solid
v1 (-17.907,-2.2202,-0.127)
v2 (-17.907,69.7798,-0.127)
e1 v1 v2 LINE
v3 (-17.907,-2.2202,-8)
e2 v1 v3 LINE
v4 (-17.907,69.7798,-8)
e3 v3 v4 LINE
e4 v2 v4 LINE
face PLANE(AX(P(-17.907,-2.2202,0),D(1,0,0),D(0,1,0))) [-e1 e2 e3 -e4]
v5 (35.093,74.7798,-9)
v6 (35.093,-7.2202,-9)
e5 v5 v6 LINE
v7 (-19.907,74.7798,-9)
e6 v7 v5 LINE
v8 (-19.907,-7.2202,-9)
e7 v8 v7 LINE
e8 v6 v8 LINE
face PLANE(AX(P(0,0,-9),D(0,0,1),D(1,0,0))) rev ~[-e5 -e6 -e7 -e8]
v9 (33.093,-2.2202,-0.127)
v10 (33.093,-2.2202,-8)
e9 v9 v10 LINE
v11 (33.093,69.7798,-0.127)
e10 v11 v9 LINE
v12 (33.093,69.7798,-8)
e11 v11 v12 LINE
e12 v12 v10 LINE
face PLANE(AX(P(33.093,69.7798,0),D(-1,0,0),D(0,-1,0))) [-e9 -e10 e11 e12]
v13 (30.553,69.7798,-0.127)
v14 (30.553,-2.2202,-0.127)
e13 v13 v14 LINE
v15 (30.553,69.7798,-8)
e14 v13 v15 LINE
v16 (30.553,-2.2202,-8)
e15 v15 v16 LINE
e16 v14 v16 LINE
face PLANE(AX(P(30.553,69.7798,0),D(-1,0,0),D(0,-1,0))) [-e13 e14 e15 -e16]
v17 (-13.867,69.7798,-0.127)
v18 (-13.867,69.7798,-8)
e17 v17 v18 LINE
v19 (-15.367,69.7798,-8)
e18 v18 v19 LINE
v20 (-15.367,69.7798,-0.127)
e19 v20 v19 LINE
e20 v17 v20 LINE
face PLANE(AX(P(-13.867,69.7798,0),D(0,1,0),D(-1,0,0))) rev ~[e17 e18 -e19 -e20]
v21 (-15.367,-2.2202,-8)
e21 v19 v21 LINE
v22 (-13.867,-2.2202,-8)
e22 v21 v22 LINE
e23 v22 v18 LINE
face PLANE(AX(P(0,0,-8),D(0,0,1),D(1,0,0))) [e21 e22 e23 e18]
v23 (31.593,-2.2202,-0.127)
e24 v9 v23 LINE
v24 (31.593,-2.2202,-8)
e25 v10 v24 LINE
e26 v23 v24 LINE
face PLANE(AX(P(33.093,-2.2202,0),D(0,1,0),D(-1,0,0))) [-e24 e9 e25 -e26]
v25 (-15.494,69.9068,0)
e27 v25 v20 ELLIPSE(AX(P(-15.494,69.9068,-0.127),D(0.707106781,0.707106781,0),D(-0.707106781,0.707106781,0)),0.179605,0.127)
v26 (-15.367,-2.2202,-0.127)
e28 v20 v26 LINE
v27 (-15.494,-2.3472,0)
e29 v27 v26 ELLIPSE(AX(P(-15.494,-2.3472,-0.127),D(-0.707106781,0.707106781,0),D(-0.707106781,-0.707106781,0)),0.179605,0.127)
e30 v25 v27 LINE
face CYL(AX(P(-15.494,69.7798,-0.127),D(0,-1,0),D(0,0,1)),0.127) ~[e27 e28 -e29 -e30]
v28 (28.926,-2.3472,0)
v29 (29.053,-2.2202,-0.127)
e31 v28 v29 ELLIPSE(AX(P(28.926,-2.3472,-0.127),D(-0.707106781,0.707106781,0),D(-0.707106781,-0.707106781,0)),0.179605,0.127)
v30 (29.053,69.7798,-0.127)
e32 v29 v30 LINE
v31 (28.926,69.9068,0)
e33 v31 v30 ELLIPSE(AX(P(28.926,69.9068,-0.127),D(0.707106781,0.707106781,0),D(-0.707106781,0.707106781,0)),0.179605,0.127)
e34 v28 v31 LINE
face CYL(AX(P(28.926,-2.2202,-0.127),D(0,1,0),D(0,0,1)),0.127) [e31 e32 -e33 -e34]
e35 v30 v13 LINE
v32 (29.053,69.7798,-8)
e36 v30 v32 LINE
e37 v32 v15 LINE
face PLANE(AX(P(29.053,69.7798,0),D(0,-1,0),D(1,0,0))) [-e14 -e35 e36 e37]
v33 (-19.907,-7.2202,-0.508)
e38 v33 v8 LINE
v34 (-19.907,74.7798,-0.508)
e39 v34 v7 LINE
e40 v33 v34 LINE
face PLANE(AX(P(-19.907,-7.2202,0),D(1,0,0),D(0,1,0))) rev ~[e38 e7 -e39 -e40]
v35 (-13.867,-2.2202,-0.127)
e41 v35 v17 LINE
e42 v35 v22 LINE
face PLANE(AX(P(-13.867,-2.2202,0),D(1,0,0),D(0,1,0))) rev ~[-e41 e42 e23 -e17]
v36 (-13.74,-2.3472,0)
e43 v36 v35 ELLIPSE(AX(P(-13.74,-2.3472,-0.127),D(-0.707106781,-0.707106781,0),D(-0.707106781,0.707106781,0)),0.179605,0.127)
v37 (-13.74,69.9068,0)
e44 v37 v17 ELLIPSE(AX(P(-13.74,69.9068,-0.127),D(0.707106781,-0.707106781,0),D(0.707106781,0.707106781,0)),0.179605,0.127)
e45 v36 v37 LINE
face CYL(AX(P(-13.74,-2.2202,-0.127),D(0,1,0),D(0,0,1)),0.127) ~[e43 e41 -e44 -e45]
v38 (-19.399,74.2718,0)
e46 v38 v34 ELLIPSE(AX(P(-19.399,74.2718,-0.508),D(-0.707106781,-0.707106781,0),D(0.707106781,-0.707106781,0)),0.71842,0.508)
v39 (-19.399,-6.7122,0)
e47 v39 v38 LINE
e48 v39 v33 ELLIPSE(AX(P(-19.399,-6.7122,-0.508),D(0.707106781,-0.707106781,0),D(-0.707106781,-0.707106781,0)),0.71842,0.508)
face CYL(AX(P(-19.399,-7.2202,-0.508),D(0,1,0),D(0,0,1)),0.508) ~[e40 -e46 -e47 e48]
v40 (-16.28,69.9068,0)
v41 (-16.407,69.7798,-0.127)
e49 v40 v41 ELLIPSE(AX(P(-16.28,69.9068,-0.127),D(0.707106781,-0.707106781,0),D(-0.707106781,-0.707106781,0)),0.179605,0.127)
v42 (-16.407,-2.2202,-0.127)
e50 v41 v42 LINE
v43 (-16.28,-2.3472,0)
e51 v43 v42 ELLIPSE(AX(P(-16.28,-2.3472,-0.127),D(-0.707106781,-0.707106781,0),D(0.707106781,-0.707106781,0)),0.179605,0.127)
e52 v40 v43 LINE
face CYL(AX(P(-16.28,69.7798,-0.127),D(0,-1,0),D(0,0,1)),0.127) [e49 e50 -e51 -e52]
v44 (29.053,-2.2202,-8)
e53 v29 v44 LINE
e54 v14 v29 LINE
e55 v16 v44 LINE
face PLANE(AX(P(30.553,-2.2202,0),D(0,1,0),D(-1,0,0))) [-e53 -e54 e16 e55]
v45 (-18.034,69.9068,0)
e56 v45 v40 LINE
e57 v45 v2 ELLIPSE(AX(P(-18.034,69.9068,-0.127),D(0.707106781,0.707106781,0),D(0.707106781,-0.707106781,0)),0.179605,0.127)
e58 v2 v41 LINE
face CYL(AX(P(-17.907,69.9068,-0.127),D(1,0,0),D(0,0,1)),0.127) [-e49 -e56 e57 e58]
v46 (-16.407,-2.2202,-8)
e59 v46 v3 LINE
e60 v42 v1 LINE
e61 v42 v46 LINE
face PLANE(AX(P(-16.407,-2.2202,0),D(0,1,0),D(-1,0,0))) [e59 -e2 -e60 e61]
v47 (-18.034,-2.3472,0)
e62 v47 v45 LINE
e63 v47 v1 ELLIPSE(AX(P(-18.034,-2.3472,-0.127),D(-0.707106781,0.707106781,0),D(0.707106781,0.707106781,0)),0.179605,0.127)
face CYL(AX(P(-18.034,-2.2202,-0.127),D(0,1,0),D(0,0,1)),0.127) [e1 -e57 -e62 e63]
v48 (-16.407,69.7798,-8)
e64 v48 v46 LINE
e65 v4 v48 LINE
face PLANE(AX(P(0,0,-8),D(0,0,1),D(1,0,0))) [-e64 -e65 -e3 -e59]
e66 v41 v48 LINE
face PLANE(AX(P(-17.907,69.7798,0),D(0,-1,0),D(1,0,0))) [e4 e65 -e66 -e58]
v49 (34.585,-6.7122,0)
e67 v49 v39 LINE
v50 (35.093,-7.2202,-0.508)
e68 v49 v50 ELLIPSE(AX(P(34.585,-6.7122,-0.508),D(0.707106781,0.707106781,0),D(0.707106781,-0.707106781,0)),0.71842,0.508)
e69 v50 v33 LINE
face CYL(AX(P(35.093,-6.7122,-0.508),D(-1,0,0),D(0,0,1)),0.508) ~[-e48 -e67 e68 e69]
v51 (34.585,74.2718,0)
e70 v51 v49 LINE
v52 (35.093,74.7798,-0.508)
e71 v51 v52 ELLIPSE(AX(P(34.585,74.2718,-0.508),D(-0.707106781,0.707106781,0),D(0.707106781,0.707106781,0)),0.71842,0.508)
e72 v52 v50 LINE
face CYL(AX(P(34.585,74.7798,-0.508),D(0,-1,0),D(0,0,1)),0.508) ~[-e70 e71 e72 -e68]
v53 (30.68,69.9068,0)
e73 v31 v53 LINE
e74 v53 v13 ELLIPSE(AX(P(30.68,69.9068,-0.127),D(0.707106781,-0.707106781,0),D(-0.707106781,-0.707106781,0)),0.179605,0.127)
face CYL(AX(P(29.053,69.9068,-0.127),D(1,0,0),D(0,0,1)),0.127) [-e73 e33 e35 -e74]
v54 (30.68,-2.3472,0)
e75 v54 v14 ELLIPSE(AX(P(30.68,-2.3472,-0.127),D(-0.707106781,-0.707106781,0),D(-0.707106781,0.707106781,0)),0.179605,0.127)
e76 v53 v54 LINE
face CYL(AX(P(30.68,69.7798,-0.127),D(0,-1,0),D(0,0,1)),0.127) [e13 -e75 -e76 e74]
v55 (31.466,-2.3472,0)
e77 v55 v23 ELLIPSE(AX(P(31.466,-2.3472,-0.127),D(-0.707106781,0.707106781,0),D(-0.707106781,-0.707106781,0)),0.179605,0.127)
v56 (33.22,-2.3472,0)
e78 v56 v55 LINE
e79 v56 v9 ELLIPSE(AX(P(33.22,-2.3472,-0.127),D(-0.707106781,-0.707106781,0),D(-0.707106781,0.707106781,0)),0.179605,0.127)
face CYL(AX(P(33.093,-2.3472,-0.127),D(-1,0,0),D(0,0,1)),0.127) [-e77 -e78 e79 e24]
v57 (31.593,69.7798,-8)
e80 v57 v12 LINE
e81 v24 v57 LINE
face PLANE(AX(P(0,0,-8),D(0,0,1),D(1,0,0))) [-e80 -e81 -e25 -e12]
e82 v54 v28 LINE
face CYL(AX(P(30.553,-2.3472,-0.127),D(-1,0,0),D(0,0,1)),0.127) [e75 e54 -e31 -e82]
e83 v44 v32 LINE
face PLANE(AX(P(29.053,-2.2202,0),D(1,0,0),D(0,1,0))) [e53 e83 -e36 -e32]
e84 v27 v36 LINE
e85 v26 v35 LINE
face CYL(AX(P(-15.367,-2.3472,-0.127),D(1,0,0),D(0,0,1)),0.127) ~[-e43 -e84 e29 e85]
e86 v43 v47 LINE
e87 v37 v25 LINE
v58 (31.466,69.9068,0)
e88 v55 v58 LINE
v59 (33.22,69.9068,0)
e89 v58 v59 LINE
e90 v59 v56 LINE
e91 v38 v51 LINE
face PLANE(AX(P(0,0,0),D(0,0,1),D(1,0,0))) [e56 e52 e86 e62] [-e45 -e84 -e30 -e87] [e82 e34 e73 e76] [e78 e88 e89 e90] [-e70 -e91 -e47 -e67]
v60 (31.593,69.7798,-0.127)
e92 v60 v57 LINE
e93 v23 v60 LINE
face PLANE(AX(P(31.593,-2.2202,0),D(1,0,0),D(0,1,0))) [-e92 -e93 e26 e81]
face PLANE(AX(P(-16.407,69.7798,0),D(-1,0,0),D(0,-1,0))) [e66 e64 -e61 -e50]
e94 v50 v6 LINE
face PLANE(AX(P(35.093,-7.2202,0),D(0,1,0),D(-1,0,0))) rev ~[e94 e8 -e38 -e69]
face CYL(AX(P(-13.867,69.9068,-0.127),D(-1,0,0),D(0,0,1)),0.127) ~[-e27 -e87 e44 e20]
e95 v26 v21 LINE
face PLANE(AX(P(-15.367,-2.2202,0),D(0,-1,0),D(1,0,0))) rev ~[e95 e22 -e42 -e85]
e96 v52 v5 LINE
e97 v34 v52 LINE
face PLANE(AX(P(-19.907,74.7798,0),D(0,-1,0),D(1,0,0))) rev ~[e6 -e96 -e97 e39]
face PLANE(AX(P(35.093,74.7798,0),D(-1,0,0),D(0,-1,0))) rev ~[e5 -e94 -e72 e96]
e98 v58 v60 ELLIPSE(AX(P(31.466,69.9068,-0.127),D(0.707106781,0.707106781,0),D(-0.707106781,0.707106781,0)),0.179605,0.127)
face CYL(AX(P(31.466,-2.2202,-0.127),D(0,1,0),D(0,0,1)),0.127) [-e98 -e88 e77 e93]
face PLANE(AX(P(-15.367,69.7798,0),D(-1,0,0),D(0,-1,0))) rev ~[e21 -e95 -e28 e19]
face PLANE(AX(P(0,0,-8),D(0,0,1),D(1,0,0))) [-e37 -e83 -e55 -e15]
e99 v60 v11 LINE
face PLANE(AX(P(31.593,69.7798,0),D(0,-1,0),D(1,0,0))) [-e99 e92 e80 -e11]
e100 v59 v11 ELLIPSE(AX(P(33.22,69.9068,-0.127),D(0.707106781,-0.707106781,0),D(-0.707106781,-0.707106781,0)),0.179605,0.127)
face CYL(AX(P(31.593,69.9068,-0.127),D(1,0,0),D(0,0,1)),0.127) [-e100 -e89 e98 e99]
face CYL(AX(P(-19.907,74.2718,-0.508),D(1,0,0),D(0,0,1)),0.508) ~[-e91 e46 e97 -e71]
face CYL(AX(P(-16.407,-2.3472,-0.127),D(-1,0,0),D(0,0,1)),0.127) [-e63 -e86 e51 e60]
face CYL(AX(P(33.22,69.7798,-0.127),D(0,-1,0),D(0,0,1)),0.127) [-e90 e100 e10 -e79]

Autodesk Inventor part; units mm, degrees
ref_plane "YZ Plane" through (0, 0, 0) normal (1, 0, 0) x (0, 1, 0)
ref_plane "XZ Plane" through (0, 0, 0) normal (0, 1, 0) x (-1, 0, 0)
ref_plane "XY Plane" through (0, 0, 0) normal (0, 0, 1) x (1, 0, 0)
sketch "Sketch1" plane through (0, 0, 0) normal (0, 0, 1) x (1, 0, 0)
  line L0 (35.093, -7.2202) -> (-19.907, -7.2202)
  line L1 (-19.907, -7.2202) -> (-19.907, 74.7798)
  line L2 (-19.907, 74.7798) -> (35.093, 74.7798)
  line L3 (35.093, 74.7798) -> (35.093, -7.2202)
  line L4 (-1.6316, 73.7798) -> (15.8684, 73.7798)
  line L5 (15.8684, 73.7798) -> (15.8684, 38.2798)
  line L6 (15.8684, 38.2798) -> (-1.6316, 38.2798)
  line L7 (-1.6316, 38.2798) -> (-1.6316, 73.7798)
  circle A0 centre (7.5885, 28.2798) radius 5.75
  line L8 (12.233, 6.0025) -> (3.233, 6.0025)
  line L9 (3.233, 6.0025) -> (3.233, -3.9975)
  line L10 (3.233, -3.9975) -> (12.233, -3.9975)
  line L11 (12.233, -3.9975) -> (12.233, 6.0025)
  circle A1 centre (7.5885, 28.2798) radius 1.25
  line L12 (3.233, 6.0025) -> (-2.767, 6.0025)
  line L13 (-2.767, 6.0025) -> (-2.767, -3.9975)
  line L14 (-2.767, -3.9975) -> (3.233, -3.9975)
  line L15 (3.233, -3.9975) -> (3.233, 6.0025)
  line L16 (12.233, 5.3167) -> (16.7288, 5.3167)
  line L17 (16.7288, 5.3167) -> (16.7288, 2.7767)
  line L18 (16.7288, 2.7767) -> (12.233, 2.7767)
  line L19 (12.233, 2.7767) -> (12.233, 5.3167)
  line L20 (12.233, -1.5375) -> (12.233, 1.0025)
  line L21 (12.233, -3.4895) -> (12.233, -0.9495)
  line L22 (12.233, 2.2687) -> (16.7288, 2.2687)
  line L23 (16.7288, 2.2687) -> (16.7288, -0.2713)
  line L24 (16.7288, -0.2713) -> (12.233, -0.2713)
  line L25 (12.233, -0.2713) -> (12.233, 2.2687)
  line L26 (12.233, -0.7793) -> (16.7288, -0.7793)
  line L27 (16.7288, -0.7793) -> (16.7288, -3.3193)
  line L28 (16.7288, -3.3193) -> (12.233, -3.3193)
  line L29 (12.233, -3.3193) -> (12.233, -0.7793)
  circle A2 centre (0.233, 0.9987) radius 1.5
  circle A3 centre (0.3684, 66.2798) radius 0.75
  circle A4 centre (0.3684, 63.7398) radius 0.75
  circle A5 centre (0.3684, 61.1998) radius 0.75
  circle A6 centre (0.3684, 58.6598) radius 0.75
  circle A7 centre (0.3684, 56.1198) radius 0.75
  circle A8 centre (0.3684, 53.5798) radius 0.75
  circle A9 centre (0.3684, 51.0398) radius 0.75
  circle A10 centre (0.3684, 48.4998) radius 0.75
  circle A11 centre (13.8684, 63.7398) radius 0.75
  circle A12 centre (13.8684, 58.6598) radius 0.75
  circle A13 centre (13.8684, 56.1198) radius 0.75
  circle A14 centre (13.8684, 53.5798) radius 0.75
  circle A15 centre (13.8684, 48.4998) radius 0.75
  circle A16 centre (13.8684, 66.2798) radius 0.75
  circle A17 centre (13.8684, 51.0398) radius 0.75
  circle A18 centre (13.8684, 61.1998) radius 0.75
  line L30 (-17.907, 69.7798) -> (-16.407, 69.7798)
  line L31 (-16.407, 69.7798) -> (-16.407, -2.2202)
  line L32 (-16.407, -2.2202) -> (-17.907, -2.2202)
  line L33 (-17.907, -2.2202) -> (-17.907, 69.7798)
  line L34 (-15.367, -2.2202) -> (-13.867, -2.2202)
  line L35 (-13.867, -2.2202) -> (-13.867, 69.7798)
  line L36 (-13.867, 69.7798) -> (-15.367, 69.7798)
  line L37 (-15.367, 69.7798) -> (-15.367, -2.2202)
  line L38 (31.593, 69.7798) -> (33.093, 69.7798)
  line L39 (33.093, 69.7798) -> (33.093, -2.2202)
  line L40 (33.093, -2.2202) -> (31.593, -2.2202)
  line L41 (31.593, -2.2202) -> (31.593, 69.7798)
  line L42 (30.553, -2.2202) -> (29.053, -2.2202)
  line L43 (29.053, -2.2202) -> (29.053, 69.7798)
  line L44 (29.053, 69.7798) -> (30.553, 69.7798)
  line L45 (30.553, 69.7798) -> (30.553, -2.2202)
  line L46 (5.8684, 68.7798) -> (10.8684, 68.7798)
  line L47 (10.8684, 68.7798) -> (10.8684, 63.7798)
  line L48 (10.8684, 63.7798) -> (5.8684, 63.7798)
  line L49 (5.8684, 63.7798) -> (5.8684, 68.7798)
  line L50 (6.8684, 55.8198) -> (10.8684, 55.8198)
  line L51 (10.8684, 55.8198) -> (10.8684, 53.2798)
  line L52 (10.8684, 53.2798) -> (6.8684, 53.2798)
  line L53 (6.8684, 53.2798) -> (6.8684, 55.8198)
  line L54 (5.8684, 48.2798) -> (10.8684, 48.2798)
  line L55 (10.8684, 48.2798) -> (10.8684, 43.2798)
  line L56 (10.8684, 43.2798) -> (5.8684, 43.2798)
  line L57 (5.8684, 43.2798) -> (5.8684, 48.2798)
  circle A19 centre (0.8684, 71.2798) radius 1.5
  circle A20 centre (0.8684, 40.7798) radius 1.5
  point P0 (0, 0)
  point P1 (0, 0)
  dimension "d0" = 82
  dimension "d1" = 55
  dimension "d2" = 17.5
  dimension "d3" = 35.5
  dimension "d4" = 11.5
  dimension "d5" = 2.5
  dimension "d6" = 1
  dimension "d7" = 10
  dimension "d8" = 27.4955
  dimension "d9" = 9
  dimension "d10" = 10
  dimension "d11" = 6
  dimension "d12" = 22.86
  dimension "d13" = 19.2246
  dimension "d14" = 2.54
  dimension "d15" = 0.6858
  dimension "d16" = 10
  dimension "d17" = 2.54
  dimension "d18" = 0.508
  dimension "d19" = 4.4958
  dimension "d20" = 4.4958
  dimension "d21" = 2.54
  dimension "d22" = 4.4958
  dimension "d23" = 0.508
  dimension "d24" = 3
  dimension "d25" = 1.5
  dimension "d26" = 7.5
  dimension "d27" = 2
  dimension "d28" = 1.5
  dimension "d29" = 1.5
  dimension "d30" = 1.5
  dimension "d31" = 1.5
  dimension "d32" = 1.5
  dimension "d33" = 1.5
  dimension "d34" = 1.5
  dimension "d35" = 2.54
  dimension "d36" = 2.54
  dimension "d37" = 2.54
  dimension "d38" = 2.54
  dimension "d39" = 2.54
  dimension "d40" = 2.54
  dimension "d41" = 2.54
  dimension "d42" = 1.5
  dimension "d43" = 1.5
  dimension "d44" = 1.5
  dimension "d45" = 1.5
  dimension "d46" = 1.5
  dimension "d47" = 1.5
  dimension "d48" = 1.5
  dimension "d49" = 1.5
  dimension "d50" = 2.54
  dimension "d51" = 2.54
  dimension "d52" = 2.54
  dimension "d53" = 2.54
  dimension "d54" = 2.54
  dimension "d55" = 2.54
  dimension "d56" = 2.54
  dimension "d57" = 2
  dimension "d58" = 7.5
  dimension "d59" = 2
  dimension "d60" = 2
  dimension "d61" = 2
  dimension "d62" = 2
  dimension "d63" = 2
extrude "Extrusion1" add sketch "Sketch1" against normal blind 9 contours L0 L1 L2 L3 | L4 L5 L6 L7 | A0 | L11 L10 L9 L8 | L9 L14 L13 L12 | L16 L17 L18 L11 | L22 L23 L24 L11 | L11 L26 L27 L28 | A1 | A2 | A3 | A4 | A5 | A6 | A7 | A8 | A9 | A10 | A11 | A12 | A13 | A14 | A15 | A16 | A17 | A18 | L30 L31 L32 L33 | L37 L36 L35 L34 | L38 L39 L40 L41 | L42 L43 L44 L45 | L46 L47 L48 L49 | L50 L51 L52 L53 | L54 L55 L56 L57 | A19 | A20
extrude "Extrusion2" cut sketch "Sketch1" against normal blind 8 contours L30 L31 L32 L33 | L37 L36 L35 L34 | L38 L39 L40 L41 | L42 L43 L44 L45
fillet "Fillet1" radius 0.127 16 edges at (-13.867, 33.7798, 0) (-14.617, 69.7798, 0) (-15.367, 33.7798, 0) (-16.407, 33.7798, 0) (-17.157, 69.7798, 0) (-17.907, 33.7798, 0) (-14.617, -2.2202, 0) (-17.157, -2.2202, 0) (29.803, -2.2202, 0) (32.343, -2.2202, 0) (33.093, 33.7798, 0) (31.593, 33.7798, 0) (30.553, 33.7798, 0) (29.053, 33.7798, 0) (32.343, 69.7798, 0) (29.803, 69.7798, 0)
fillet "Fillet2" radius 0.508 4 edges at (7.593, 74.7798, 0) (35.093, 33.7798, 0) (7.593, -7.2202, 0) (-19.907, 33.7798, 0)
properties part number "Breadboard"
